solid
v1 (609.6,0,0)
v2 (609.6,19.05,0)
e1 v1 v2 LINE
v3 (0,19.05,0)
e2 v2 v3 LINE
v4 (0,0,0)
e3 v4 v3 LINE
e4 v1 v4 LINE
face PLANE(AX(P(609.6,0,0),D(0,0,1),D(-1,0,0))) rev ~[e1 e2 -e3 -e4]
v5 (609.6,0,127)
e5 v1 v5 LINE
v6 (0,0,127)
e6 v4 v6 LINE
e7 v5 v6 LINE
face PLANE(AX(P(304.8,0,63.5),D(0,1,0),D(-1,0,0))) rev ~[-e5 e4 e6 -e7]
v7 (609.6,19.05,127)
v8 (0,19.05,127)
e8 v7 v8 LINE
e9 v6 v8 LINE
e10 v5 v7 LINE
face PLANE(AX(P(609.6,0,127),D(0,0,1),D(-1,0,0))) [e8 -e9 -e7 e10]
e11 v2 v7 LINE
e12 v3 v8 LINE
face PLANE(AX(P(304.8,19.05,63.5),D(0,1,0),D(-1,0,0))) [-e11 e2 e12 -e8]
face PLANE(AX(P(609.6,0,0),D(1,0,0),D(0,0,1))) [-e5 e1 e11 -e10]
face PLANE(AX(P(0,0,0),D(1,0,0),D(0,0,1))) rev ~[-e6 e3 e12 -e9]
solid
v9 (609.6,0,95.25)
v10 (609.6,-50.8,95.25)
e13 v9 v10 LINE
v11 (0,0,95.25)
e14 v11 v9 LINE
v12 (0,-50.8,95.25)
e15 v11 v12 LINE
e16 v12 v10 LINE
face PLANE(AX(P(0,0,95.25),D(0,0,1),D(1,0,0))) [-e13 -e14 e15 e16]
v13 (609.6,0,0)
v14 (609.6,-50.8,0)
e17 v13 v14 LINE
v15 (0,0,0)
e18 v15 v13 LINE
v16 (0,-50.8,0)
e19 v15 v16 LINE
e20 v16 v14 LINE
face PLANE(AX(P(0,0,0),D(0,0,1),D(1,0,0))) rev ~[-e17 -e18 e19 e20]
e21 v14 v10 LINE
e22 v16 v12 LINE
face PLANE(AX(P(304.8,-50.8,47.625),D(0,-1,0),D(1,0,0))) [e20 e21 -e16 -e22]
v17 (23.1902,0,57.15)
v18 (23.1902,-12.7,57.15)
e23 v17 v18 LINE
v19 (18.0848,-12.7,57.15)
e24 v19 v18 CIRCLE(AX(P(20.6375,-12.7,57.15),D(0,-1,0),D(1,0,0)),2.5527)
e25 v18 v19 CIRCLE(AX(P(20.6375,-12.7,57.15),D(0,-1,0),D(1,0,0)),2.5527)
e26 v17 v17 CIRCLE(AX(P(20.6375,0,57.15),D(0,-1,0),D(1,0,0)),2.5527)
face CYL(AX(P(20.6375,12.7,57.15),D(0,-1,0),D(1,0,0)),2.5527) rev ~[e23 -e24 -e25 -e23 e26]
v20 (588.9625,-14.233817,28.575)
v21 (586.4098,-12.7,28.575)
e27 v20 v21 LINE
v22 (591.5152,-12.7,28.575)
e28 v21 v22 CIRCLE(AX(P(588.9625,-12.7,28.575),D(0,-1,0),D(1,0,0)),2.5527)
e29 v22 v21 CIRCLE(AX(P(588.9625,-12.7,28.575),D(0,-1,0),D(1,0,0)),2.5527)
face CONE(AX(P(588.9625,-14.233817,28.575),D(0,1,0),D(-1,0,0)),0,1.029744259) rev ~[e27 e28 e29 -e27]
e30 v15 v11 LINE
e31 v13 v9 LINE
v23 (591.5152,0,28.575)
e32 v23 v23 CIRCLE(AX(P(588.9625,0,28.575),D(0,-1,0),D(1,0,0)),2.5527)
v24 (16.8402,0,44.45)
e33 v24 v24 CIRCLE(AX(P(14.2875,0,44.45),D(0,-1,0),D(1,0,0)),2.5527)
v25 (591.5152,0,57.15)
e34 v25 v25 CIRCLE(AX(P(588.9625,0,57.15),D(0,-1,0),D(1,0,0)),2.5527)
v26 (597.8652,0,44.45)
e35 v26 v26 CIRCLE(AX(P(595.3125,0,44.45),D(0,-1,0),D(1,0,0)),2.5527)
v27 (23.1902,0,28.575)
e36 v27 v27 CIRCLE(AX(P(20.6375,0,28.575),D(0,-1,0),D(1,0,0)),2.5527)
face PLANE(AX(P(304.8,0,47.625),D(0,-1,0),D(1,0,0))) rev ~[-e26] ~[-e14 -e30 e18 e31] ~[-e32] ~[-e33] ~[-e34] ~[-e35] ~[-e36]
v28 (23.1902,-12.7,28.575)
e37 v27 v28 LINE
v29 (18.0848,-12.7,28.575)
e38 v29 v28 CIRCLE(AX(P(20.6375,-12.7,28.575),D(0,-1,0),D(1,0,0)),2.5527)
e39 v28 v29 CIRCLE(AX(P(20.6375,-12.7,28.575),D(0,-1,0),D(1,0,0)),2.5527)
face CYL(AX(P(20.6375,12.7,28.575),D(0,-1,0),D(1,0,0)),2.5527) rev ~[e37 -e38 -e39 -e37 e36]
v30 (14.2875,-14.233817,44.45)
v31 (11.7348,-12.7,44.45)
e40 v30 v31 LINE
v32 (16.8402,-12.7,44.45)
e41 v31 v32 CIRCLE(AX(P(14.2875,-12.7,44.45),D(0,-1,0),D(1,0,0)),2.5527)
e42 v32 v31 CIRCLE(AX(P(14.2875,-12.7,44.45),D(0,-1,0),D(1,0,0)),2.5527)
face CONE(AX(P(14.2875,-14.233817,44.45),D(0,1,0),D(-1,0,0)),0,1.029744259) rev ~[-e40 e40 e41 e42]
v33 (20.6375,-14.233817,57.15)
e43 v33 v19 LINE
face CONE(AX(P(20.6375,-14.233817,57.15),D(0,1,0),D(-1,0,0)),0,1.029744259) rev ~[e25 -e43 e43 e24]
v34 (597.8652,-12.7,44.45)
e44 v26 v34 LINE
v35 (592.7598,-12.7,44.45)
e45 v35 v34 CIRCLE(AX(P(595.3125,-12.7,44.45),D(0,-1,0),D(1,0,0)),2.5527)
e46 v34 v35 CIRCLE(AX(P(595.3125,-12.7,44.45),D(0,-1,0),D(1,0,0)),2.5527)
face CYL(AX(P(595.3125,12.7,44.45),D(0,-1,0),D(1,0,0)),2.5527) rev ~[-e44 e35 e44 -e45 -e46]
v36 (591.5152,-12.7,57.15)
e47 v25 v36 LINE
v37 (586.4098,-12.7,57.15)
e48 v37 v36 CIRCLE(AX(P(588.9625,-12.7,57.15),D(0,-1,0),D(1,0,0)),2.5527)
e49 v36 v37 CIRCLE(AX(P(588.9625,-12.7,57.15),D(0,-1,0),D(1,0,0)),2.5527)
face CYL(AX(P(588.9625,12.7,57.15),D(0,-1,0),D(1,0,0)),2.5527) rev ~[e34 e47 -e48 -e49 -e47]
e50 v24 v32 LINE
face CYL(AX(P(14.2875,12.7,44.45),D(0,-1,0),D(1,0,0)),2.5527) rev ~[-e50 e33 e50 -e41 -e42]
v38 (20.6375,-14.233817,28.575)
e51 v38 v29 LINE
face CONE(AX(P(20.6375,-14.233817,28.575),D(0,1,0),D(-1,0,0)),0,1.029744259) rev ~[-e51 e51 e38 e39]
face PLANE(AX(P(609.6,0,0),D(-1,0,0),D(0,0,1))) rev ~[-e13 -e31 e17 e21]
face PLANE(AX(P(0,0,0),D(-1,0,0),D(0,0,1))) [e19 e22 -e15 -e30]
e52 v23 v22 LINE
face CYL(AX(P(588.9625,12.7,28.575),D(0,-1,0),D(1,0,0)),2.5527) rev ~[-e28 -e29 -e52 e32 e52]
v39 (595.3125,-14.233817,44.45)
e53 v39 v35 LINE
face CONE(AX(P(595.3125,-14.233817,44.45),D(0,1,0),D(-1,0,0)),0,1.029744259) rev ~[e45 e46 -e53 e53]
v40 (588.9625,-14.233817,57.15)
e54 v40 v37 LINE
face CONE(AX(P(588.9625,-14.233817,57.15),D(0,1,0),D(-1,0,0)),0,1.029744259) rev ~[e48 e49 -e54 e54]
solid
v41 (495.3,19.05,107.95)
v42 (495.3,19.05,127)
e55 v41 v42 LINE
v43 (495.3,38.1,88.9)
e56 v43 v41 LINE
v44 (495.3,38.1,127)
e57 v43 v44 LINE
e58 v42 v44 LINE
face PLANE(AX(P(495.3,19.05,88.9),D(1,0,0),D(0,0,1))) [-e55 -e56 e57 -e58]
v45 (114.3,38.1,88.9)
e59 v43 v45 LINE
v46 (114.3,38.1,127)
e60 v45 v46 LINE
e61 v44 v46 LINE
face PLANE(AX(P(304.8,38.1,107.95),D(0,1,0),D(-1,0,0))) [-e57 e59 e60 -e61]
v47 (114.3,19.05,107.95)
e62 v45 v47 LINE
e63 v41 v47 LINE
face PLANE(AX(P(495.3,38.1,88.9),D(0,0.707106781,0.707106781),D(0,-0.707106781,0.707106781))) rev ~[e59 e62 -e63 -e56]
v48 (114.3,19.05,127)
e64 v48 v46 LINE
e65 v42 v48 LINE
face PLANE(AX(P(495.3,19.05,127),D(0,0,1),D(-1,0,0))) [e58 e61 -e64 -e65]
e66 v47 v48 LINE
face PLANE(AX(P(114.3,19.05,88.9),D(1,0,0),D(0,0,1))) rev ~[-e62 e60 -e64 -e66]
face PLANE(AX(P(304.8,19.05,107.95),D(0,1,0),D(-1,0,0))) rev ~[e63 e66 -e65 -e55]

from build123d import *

# Parameters (mm, degrees)
F0_W     = 609.6
F0_H     = 95.25
F1_DEPTH = 50.8
F3_D     = 5.1054
F3_DEPTH = 12.7
F3_TIP   = 1.5338169022
F4_W     = 609.6
F4_H     = 127
F5_DEPTH = 19.05
F6_W     = 381
F6_H     = 38.1
F7_DEPTH = 19.05
F9_DEPTH = 495.301


with BuildPart() as f1:
    # F0 (on Front) → F1 (new body)
    with BuildSketch(Plane.XZ):
        with Locations((304.8, 47.625)):
            Rectangle(F0_W, F0_H)
    extrude(amount=F1_DEPTH)

    # F3
    with Locations(Plane(origin=(0, 0, 0), x_dir=(-1, 0, 0), z_dir=(0, 1, 0))):
        with Locations((-588.9625, 28.575), (-595.3125, 44.45), (-588.9625, 57.15), (-20.6375, 28.575), (-14.2875, 44.45), (-20.6375, 57.15)):
            Hole(F3_D / 2, depth=F3_DEPTH)
            with Locations((0, 0, -(F3_DEPTH + F3_TIP / 2))):  # 118° drill point
                Cone(0, F3_D / 2, F3_TIP, mode=Mode.SUBTRACT)


with BuildPart() as f5:
    # F4 (on face) → F5 (new body)
    with BuildSketch(Plane(origin=(0, 0, 0), x_dir=(-1, 0, 0), z_dir=(0, 1, 0))):
        with Locations((-304.8, 63.5)):
            Rectangle(F4_W, F4_H)
    extrude(amount=F5_DEPTH)


with BuildPart() as f7:
    # F6 (on face) → F7 (new body)
    with BuildSketch(Plane(origin=(0, 19.05, 0), x_dir=(-1, 0, 0), z_dir=(0, 1, 0))):
        with Locations((-304.8, 107.95)):
            Rectangle(F6_W, F6_H)
    extrude(amount=F7_DEPTH)

    # F8 (on face) → F9 (cut, through all)
    with BuildSketch(Plane.YZ.offset(495.3)):
        Polygon((19.05, 88.9), (38.1, 88.9), (19.05, 107.95), align=None)
    extrude(amount=-F9_DEPTH, mode=Mode.SUBTRACT)


solid = Compound([f1.part, f5.part, f7.part])
